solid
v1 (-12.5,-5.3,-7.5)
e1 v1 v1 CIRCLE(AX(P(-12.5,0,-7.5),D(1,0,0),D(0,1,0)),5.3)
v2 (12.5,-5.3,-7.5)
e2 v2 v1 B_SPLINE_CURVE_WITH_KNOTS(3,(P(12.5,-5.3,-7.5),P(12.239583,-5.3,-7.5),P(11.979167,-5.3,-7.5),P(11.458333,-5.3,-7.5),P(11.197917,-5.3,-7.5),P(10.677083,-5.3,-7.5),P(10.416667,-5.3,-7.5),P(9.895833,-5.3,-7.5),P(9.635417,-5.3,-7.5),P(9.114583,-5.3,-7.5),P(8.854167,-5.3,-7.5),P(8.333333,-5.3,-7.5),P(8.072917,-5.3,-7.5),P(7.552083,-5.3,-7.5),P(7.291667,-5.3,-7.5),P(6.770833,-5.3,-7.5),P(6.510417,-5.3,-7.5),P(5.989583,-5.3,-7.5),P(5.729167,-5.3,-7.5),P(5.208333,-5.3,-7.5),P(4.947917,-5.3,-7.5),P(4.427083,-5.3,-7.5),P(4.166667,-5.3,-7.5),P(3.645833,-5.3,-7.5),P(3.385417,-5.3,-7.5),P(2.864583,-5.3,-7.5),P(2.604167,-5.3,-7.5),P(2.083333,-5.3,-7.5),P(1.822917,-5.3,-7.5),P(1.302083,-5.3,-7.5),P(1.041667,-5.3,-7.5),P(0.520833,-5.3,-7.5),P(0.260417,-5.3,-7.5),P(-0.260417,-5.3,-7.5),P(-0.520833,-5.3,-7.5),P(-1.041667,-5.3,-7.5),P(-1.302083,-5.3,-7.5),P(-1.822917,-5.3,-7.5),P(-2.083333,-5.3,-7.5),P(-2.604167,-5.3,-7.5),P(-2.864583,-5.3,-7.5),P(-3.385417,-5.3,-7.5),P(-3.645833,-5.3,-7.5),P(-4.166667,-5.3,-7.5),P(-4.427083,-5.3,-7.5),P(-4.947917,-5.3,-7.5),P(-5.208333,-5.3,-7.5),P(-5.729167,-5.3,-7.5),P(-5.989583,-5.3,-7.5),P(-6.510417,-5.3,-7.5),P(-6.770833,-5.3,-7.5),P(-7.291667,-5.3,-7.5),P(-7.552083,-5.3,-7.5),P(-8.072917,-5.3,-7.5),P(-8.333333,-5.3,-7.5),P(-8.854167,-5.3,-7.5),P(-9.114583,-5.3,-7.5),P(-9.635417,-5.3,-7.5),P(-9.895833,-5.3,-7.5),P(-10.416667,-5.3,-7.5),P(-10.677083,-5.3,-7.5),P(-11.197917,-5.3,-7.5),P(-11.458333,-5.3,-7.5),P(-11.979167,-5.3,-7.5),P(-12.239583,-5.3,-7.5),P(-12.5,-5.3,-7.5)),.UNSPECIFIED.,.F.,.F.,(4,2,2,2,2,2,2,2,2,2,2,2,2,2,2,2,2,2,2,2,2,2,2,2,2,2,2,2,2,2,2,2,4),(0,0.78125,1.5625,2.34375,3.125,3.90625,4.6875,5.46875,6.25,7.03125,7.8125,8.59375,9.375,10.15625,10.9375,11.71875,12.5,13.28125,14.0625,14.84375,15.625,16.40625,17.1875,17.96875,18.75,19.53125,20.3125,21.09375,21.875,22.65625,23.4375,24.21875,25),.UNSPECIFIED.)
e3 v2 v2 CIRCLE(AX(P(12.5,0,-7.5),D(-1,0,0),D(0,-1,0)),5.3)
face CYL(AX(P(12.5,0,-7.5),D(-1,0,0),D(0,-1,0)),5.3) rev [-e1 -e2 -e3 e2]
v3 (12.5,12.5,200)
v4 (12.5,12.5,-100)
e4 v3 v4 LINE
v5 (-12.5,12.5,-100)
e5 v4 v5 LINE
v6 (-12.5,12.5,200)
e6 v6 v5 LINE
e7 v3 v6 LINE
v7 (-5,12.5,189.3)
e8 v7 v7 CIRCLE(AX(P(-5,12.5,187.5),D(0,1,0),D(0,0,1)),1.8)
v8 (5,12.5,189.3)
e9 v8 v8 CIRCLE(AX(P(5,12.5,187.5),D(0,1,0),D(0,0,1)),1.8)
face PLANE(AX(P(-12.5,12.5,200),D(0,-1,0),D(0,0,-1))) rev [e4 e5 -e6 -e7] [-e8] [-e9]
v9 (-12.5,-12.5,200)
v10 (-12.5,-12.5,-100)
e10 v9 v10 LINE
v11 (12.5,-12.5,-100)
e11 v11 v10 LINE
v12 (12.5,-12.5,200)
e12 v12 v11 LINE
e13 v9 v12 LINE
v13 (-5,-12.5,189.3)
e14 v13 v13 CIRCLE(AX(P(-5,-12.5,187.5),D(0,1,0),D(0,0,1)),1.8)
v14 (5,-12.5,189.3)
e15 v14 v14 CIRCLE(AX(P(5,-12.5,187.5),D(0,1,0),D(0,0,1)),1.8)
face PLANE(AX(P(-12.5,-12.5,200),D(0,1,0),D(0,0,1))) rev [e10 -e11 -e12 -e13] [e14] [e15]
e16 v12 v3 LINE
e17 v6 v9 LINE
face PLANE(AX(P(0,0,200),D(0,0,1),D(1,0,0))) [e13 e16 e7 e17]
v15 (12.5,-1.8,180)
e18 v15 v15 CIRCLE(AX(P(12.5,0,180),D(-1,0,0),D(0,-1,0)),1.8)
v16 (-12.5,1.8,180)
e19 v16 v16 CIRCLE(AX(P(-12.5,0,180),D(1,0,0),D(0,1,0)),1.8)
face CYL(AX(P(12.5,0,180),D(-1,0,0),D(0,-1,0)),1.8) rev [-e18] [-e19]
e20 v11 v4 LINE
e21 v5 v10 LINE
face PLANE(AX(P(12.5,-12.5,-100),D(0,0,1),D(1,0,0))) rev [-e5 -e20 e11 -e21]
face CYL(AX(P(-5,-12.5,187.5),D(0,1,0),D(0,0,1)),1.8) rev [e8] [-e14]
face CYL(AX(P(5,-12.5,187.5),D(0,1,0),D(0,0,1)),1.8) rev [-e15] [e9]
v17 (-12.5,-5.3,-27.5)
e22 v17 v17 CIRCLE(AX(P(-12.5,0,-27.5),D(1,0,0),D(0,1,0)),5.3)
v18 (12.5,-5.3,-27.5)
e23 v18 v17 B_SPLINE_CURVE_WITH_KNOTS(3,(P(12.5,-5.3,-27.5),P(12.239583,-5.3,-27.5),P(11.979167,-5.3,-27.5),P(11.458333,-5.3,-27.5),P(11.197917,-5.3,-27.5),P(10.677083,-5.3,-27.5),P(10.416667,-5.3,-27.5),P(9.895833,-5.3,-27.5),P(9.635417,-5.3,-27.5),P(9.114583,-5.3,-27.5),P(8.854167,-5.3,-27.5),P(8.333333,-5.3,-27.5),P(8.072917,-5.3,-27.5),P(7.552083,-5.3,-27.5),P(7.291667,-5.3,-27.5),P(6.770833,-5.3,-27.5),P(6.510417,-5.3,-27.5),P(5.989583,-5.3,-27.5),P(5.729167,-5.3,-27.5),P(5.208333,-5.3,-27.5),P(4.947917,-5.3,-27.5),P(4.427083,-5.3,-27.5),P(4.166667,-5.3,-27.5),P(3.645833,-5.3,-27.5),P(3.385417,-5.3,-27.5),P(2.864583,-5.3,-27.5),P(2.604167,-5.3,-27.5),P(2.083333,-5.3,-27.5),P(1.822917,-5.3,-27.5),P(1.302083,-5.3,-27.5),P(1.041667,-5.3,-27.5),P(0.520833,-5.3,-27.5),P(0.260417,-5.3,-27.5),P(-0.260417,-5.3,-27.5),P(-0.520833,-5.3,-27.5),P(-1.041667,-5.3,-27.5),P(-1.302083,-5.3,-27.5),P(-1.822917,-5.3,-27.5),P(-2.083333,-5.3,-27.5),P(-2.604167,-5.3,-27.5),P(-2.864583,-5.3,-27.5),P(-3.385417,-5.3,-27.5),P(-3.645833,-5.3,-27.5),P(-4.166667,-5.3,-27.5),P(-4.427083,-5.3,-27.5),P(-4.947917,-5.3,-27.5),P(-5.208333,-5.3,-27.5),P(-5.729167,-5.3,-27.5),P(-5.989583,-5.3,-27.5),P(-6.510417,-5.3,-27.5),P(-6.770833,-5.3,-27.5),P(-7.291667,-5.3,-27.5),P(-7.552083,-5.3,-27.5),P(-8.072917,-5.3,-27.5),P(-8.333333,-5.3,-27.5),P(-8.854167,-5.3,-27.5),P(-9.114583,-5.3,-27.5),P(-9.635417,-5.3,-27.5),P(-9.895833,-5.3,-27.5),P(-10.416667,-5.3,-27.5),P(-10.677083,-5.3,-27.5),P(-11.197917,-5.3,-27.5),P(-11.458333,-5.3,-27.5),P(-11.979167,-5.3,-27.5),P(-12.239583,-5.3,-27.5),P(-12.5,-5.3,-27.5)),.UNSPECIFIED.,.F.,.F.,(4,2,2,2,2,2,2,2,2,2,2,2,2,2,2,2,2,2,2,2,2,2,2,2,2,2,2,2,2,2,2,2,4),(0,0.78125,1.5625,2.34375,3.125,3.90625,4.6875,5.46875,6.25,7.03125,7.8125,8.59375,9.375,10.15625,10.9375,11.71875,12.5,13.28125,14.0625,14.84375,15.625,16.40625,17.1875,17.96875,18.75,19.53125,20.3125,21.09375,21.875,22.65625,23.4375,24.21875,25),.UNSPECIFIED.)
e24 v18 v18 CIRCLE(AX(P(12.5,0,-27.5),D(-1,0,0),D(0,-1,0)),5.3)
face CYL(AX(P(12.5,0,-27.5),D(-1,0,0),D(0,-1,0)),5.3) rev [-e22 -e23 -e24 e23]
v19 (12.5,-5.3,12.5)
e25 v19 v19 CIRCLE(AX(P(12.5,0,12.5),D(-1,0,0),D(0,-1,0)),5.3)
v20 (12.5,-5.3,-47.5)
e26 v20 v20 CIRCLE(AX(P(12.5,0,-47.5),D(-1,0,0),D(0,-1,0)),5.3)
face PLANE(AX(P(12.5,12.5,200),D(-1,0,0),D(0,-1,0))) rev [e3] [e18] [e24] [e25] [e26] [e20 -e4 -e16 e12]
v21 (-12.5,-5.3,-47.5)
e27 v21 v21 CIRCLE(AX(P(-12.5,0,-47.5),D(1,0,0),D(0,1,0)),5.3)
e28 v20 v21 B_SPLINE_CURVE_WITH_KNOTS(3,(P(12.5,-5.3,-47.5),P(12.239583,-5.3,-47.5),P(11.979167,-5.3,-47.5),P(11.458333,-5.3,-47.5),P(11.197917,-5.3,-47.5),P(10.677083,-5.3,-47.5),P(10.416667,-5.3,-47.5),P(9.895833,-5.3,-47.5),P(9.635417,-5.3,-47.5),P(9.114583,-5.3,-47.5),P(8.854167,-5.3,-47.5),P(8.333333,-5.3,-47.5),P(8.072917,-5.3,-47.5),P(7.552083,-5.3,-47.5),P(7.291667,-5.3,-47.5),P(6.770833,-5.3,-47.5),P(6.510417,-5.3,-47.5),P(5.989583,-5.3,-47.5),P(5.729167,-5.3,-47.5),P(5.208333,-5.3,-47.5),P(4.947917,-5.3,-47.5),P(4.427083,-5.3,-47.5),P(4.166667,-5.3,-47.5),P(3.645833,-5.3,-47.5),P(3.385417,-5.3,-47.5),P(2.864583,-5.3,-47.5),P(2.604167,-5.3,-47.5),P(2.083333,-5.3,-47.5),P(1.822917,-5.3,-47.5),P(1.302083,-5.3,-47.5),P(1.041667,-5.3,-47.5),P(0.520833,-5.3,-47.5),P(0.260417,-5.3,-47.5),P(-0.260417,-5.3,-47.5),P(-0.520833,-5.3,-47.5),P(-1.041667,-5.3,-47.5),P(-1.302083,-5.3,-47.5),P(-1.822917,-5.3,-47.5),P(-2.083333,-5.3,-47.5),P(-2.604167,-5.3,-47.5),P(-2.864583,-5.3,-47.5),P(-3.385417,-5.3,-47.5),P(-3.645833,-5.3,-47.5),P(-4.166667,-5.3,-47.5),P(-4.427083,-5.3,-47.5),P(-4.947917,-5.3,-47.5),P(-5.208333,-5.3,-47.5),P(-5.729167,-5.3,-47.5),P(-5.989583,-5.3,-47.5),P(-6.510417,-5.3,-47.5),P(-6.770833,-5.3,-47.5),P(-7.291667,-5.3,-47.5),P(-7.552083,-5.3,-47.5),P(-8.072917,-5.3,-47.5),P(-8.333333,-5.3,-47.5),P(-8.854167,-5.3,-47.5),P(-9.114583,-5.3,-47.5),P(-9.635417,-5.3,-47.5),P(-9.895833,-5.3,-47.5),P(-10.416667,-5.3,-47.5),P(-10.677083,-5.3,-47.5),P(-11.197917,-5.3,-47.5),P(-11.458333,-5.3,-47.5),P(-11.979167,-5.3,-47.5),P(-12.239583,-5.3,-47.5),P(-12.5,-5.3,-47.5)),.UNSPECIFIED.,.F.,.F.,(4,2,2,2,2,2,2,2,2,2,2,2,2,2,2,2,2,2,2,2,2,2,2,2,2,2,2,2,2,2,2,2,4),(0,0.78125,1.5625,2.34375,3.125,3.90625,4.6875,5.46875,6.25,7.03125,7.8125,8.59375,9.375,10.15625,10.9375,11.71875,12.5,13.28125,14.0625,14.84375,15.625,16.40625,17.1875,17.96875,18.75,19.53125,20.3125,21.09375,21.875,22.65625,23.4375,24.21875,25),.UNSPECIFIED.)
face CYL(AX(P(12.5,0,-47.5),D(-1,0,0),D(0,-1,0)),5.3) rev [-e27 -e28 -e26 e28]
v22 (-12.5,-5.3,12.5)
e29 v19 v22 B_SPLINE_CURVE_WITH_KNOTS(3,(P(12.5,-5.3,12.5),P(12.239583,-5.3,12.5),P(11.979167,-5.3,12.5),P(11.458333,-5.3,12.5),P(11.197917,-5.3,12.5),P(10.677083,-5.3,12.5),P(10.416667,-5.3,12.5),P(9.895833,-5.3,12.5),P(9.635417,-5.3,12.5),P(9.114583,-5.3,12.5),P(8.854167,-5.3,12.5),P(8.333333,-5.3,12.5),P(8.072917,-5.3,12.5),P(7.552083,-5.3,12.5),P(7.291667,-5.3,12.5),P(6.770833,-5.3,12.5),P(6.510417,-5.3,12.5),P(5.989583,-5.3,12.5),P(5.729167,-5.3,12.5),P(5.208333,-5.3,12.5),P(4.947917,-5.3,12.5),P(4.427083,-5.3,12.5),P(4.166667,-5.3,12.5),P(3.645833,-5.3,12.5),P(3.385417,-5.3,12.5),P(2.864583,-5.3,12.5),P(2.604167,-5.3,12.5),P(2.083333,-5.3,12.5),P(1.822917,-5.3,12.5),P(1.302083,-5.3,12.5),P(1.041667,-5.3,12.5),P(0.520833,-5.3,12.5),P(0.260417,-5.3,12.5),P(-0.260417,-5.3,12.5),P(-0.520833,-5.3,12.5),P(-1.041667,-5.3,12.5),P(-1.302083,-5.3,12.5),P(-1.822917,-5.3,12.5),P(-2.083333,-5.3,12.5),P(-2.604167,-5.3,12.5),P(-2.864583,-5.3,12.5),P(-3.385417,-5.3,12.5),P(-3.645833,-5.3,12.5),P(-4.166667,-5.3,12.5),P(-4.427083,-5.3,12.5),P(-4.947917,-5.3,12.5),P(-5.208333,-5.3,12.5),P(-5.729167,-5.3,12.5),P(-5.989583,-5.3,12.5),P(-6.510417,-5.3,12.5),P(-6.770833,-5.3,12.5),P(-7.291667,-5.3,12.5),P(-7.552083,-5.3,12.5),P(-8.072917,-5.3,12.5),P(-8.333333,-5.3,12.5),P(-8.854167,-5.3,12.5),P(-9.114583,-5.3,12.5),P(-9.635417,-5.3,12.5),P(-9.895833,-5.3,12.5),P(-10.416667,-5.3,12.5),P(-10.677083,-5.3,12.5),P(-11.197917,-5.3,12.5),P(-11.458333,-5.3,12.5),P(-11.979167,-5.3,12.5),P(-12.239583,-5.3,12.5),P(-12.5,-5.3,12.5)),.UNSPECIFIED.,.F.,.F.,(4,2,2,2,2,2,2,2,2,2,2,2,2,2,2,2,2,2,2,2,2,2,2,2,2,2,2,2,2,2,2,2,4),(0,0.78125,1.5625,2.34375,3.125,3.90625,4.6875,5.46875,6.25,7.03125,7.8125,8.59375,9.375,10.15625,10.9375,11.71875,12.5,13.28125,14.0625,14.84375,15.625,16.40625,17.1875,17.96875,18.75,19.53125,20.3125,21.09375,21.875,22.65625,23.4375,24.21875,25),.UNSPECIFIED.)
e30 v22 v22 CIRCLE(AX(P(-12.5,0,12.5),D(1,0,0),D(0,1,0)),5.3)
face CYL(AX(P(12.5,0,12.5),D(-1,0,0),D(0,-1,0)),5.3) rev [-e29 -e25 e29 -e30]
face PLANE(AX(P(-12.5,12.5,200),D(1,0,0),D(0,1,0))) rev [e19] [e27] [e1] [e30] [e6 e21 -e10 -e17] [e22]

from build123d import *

# Parameters (mm, degrees)
SKETCH1_W               = 25
SKETCH1_H               = 25
BOSS_EXTRUDE1_DEPTH     = 200
SKETCH2_R               = 2.5
CUT_EXTRUDE1_DEPTH      = 202.943680268
SKETCH3_R               = 1.8
CUT_EXTRUDE2_DEPTH      = 202.943680268
SKETCH4_R               = 1.8
CUT_EXTRUDE3_DEPTH      = 202.943680268
CUT_EXTRUDE5_DEPTH      = 202.943680268
CUT_EXTRUDE5_DEPTH_BACK = 202.943680268
SKETCH6_R               = 2.5
CUT_EXTRUDE6_DEPTH      = 202.943680268
CUT_EXTRUDE6_DEPTH_BACK = 202.943680268
SKETCH7_R               = 5.3
CUT_EXTRUDE7_DEPTH      = 202.943680268
CUT_EXTRUDE7_DEPTH_BACK = 202.943680268
SKETCH8_W               = 75
SKETCH8_H               = 25


with BuildPart() as part:
    # Sketch1 → Boss-Extrude1 (new body)
    with BuildSketch(Plane.XY):
        Rectangle(SKETCH1_W, SKETCH1_H)
    boss_extrude1 = extrude(amount=BOSS_EXTRUDE1_DEPTH)

    # Sketch2 → Cut-Extrude1 (cut, through all)
    with BuildSketch(Plane(origin=(12.5, 0, 0), x_dir=(0, 0, -1), z_dir=(1, 0, 0))):
        with Locations(Location((-12.5, 0, 0), (0, 0, 90))):
            Circle(SKETCH2_R)
    cut_extrude1 = extrude(amount=-CUT_EXTRUDE1_DEPTH, mode=Mode.SUBTRACT)

    # Sketch3 → Cut-Extrude2 (cut, through all)
    with BuildSketch(Plane(origin=(0, 12.5, 0), x_dir=(1, 0, 0), z_dir=(0, 1, 0))):
        with Locations(Location((-5, -187.5, 0), (0, 0, 270))):
            Circle(SKETCH3_R)
        with Locations(Location((5, -187.5, 0), (0, 0, 270))):
            Circle(SKETCH3_R)
    cut_extrude2 = extrude(amount=-CUT_EXTRUDE2_DEPTH, mode=Mode.SUBTRACT)

    # Sketch4 → Cut-Extrude3 (cut, symmetric)
    with BuildSketch(Plane.ZY.offset(12.5)):
        with Locations(Location((180, 0, 0), (0, 0, 270))):
            Circle(SKETCH4_R)
    cut_extrude3 = extrude(amount=CUT_EXTRUDE3_DEPTH, both=True, mode=Mode.SUBTRACT)

    # Mirror2: Boss-Extrude1, Cut-Extrude1, Cut-Extrude2, Cut-Extrude3 across plane
    add(boss_extrude1.mirror(Plane(origin=(0, 0, 12.5), x_dir=(1, 0, 0), z_dir=(0, 0, -1))))
    add(cut_extrude1.mirror(Plane(origin=(0, 0, 12.5), x_dir=(1, 0, 0), z_dir=(0, 0, -1))), mode=Mode.SUBTRACT)
    add(cut_extrude2.mirror(Plane(origin=(0, 0, 12.5), x_dir=(1, 0, 0), z_dir=(0, 0, -1))), mode=Mode.SUBTRACT)
    add(cut_extrude3.mirror(Plane(origin=(0, 0, 12.5), x_dir=(1, 0, 0), z_dir=(0, 0, -1))), mode=Mode.SUBTRACT)

    # Sketch6 → Cut-Extrude5 (cut, two sides: drawn at the far end of the back side and taken through both)
    with BuildSketch(Plane(origin=(12.5, 0, 0), x_dir=(0, 0, -1), z_dir=(1, 0, 0)).offset(-CUT_EXTRUDE5_DEPTH_BACK)):
        with Locations(Location((7.5, 0, 0), (0, 0, 90))):
            Circle(SKETCH6_R)
        with Locations(Location((-12.5, 0, 0), (0, 0, 90))):
            Circle(SKETCH6_R)
        with Locations(Location((27.5, 0, 0), (0, 0, 90))):
            Circle(SKETCH6_R)
        with Locations(Location((47.5, 0, 0), (0, 0, 90))):
            Circle(SKETCH6_R)
    extrude(amount=CUT_EXTRUDE5_DEPTH + CUT_EXTRUDE5_DEPTH_BACK, mode=Mode.SUBTRACT)

    # Sketch7 → Cut-Extrude6 (cut, two sides: drawn at the far end of the back side and taken through both)
    with BuildSketch(Plane.ZY.offset(12.5).offset(-CUT_EXTRUDE6_DEPTH_BACK)):
        with Locations(Location((-47.5, 0, 0), (0, 0, 270))):
            Circle(SKETCH7_R)
        with Locations(Location((-27.5, 0, 0), (0, 0, 270))):
            Circle(SKETCH7_R)
        with Locations(Location((-7.5, 0, 0), (0, 0, 270))):
            Circle(SKETCH7_R)
        with Locations(Location((12.5, 0, 0), (0, 0, 270))):
            Circle(SKETCH7_R)
    extrude(amount=CUT_EXTRUDE6_DEPTH + CUT_EXTRUDE6_DEPTH_BACK, mode=Mode.SUBTRACT)

    # Sketch8 → Cut-Extrude7 (cut, two sides: drawn at the far end of the back side and taken through both)
    with BuildSketch(Plane.ZY.offset(12.5).offset(-CUT_EXTRUDE7_DEPTH_BACK)):
        with Locations((-137.5, 0)):
            Rectangle(SKETCH8_W, SKETCH8_H)
    extrude(amount=CUT_EXTRUDE7_DEPTH + CUT_EXTRUDE7_DEPTH_BACK, mode=Mode.SUBTRACT)


solid = part.part
